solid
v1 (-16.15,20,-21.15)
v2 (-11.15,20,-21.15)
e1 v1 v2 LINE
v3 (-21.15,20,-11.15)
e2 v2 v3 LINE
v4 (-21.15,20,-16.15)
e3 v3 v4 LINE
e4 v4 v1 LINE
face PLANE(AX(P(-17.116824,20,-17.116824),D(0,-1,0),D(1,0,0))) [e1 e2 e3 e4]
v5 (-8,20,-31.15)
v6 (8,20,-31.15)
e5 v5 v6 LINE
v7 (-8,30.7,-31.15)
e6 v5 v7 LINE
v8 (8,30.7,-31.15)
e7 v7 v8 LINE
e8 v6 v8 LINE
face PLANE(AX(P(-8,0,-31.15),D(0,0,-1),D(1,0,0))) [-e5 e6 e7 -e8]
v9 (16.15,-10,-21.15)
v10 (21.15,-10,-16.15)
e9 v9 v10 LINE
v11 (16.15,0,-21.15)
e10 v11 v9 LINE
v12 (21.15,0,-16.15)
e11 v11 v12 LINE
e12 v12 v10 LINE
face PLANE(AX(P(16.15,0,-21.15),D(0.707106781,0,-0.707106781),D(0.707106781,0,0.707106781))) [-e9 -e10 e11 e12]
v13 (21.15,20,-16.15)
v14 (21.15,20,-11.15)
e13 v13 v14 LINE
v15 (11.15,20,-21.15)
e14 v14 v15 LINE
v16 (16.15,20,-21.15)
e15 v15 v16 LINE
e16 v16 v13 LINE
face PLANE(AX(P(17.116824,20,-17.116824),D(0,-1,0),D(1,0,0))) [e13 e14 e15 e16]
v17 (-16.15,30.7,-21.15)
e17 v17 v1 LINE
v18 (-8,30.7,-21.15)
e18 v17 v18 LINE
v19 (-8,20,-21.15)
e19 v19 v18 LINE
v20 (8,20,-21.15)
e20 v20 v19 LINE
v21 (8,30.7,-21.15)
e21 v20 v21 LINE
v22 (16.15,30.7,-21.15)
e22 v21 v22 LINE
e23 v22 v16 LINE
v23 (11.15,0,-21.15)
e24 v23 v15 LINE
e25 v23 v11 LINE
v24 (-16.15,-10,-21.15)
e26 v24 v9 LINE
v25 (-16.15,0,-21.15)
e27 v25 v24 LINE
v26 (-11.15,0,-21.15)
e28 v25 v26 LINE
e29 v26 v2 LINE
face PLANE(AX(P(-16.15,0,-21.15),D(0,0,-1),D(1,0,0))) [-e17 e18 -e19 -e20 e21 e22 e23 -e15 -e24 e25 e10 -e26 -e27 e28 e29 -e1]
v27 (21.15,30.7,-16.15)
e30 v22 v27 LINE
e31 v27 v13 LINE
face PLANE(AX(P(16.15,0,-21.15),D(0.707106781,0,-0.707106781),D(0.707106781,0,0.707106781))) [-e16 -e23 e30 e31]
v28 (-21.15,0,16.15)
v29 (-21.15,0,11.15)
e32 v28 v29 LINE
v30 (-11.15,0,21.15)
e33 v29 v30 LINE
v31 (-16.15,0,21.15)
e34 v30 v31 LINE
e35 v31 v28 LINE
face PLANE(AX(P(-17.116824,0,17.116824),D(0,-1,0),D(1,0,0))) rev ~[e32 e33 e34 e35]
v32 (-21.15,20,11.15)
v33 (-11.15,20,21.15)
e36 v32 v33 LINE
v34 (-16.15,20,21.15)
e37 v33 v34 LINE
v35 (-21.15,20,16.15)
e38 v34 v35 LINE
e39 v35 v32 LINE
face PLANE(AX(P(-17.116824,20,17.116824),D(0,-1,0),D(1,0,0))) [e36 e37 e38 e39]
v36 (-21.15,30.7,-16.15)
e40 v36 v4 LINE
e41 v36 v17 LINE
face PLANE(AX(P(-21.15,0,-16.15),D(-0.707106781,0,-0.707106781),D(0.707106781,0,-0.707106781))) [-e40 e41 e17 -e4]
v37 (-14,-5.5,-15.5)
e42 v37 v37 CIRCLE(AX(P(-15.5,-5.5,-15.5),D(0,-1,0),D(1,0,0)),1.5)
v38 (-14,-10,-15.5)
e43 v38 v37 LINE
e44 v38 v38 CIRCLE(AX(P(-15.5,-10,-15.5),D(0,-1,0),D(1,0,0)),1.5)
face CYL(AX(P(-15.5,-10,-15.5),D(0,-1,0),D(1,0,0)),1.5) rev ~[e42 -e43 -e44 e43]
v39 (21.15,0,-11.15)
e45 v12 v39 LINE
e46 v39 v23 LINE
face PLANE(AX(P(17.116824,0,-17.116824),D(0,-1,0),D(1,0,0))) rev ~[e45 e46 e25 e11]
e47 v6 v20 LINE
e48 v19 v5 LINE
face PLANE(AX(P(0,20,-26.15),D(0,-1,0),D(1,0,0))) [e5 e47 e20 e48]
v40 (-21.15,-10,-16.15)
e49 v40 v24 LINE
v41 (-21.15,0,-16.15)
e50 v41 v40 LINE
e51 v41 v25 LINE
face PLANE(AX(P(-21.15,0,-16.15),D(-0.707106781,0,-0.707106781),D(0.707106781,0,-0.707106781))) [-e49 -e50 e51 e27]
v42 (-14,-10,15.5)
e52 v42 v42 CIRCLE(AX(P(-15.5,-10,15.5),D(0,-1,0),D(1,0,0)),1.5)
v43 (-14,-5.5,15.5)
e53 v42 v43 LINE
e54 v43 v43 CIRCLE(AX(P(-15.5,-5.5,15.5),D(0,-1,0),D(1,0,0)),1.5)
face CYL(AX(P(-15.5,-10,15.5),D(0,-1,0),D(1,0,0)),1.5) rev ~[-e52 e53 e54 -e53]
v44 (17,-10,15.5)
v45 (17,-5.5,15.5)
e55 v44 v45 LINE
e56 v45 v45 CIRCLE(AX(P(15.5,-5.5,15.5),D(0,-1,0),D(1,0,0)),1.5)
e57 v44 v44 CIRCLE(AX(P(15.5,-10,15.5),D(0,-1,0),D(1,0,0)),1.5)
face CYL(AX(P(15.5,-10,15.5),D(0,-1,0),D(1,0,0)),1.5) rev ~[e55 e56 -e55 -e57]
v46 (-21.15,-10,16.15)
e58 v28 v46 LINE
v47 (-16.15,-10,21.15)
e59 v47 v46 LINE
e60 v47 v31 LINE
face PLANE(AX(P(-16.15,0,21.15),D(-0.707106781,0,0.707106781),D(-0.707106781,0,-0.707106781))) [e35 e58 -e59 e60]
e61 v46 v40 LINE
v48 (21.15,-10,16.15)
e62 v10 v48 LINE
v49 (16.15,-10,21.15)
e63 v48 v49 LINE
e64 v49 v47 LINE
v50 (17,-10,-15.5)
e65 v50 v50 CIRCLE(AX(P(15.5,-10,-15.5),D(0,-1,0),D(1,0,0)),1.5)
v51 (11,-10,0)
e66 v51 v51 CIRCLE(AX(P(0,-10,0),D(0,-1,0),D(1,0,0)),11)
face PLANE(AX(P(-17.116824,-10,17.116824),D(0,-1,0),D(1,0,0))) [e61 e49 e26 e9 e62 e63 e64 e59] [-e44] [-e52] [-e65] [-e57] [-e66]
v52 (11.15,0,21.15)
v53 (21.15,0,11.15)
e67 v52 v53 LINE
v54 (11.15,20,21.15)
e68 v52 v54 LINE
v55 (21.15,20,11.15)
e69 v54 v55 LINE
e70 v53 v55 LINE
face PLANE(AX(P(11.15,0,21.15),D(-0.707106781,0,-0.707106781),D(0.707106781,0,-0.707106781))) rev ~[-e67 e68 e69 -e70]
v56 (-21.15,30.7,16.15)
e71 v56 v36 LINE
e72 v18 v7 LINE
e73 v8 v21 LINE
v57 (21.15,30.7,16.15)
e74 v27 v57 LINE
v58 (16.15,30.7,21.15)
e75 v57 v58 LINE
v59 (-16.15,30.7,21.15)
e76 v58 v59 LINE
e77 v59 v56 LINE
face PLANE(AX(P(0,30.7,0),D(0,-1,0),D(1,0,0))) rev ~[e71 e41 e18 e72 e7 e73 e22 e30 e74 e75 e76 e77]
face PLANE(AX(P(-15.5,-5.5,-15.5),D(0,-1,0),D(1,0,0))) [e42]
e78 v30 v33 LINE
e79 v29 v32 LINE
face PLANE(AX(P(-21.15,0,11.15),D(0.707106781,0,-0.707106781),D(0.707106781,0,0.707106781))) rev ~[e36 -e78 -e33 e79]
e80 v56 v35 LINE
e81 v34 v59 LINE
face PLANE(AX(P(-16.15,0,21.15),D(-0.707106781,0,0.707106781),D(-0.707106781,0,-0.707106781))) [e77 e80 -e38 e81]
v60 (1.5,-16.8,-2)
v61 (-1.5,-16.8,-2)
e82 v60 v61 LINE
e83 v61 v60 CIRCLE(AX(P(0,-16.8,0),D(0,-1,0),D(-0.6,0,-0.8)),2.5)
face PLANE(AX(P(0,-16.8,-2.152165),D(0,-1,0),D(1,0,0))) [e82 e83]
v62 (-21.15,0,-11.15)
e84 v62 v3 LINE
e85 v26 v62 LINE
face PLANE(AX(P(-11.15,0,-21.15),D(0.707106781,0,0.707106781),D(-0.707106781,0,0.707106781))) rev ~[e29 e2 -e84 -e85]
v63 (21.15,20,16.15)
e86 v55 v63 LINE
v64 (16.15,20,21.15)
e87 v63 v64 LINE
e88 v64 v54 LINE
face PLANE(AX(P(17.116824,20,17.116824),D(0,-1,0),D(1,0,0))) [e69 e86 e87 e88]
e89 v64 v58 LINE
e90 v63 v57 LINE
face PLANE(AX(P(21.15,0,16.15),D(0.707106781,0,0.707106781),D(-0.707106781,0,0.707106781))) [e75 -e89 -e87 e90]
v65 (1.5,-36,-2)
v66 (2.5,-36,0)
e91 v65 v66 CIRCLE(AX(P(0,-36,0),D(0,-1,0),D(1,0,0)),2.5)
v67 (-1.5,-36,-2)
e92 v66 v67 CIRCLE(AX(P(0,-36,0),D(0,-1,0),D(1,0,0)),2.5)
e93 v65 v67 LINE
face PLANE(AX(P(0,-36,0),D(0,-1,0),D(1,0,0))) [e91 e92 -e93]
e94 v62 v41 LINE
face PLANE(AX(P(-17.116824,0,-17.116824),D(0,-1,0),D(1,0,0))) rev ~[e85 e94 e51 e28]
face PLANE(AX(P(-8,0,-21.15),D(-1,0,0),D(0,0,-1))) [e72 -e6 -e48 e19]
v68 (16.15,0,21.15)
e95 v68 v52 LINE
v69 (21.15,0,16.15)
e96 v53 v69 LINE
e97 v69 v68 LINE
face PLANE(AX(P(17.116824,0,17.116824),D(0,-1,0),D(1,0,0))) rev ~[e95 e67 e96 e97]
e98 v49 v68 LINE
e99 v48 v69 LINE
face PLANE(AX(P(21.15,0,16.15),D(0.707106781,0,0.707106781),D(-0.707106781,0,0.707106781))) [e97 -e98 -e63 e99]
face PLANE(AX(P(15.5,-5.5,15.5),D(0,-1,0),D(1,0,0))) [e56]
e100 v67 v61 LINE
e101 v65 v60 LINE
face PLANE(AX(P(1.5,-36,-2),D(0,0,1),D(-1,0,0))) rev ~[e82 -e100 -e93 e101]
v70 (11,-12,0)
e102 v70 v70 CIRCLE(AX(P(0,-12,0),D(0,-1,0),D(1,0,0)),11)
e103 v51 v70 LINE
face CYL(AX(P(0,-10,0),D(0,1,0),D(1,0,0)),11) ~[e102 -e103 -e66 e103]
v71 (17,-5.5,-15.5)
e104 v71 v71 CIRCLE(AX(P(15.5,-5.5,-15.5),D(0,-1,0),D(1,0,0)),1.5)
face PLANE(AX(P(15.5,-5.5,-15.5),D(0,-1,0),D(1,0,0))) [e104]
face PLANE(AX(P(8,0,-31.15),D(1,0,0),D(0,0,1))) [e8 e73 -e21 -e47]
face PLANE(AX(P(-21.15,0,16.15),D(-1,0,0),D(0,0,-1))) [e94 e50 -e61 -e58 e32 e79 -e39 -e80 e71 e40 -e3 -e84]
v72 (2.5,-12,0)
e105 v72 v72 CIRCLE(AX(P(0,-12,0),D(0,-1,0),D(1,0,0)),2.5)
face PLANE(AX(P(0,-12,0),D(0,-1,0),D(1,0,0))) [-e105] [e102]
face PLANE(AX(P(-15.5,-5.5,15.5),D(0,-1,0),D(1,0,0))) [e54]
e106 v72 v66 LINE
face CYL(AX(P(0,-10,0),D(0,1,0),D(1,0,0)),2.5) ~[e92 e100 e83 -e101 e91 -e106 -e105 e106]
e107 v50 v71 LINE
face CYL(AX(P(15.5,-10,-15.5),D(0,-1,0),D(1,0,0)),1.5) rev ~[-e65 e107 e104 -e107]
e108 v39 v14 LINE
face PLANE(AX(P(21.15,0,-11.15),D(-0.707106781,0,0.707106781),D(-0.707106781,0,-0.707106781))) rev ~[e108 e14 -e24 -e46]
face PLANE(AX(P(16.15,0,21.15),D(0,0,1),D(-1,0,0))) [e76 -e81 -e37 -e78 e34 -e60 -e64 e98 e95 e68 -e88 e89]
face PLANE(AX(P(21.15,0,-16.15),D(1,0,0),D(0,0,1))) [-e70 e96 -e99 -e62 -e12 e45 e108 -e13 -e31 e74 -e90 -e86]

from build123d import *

# Parameters (mm, degrees)
F1_DEPTH = 10
F2_DEPTH = 30.7
F3_DEPTH = 20
F4_R     = 11
F4_R_2   = 2.5
F5_DEPTH = 2
F6_DEPTH = 26
F8_DEPTH = 19.2
F4_R_3   = 1.5
F9_DEPTH = 4.5


with BuildPart() as f1:
    # F0 (on Front) → F1 (new body)
    with BuildSketch(Plane.XZ):
        Polygon((-21.15, 11.15), (-11.15, 21.15), (-16.15, 21.15), (-21.15, 16.15), align=None)
        Polygon((-11.15, -21.15), (-21.15, -11.15), (-21.15, -16.15), (-16.15, -21.15), align=None)
        Polygon((21.15, -16.15), (21.15, -11.15), (11.15, -21.15), (16.15, -21.15), align=None)
        Polygon((16.15, 21.15), (11.15, 21.15), (21.15, 11.15), (21.15, 16.15), align=None)
        Polygon((11.15, 21.15), (-11.15, 21.15), (-21.15, 11.15), (-21.15, -11.15), (-11.15, -21.15), (-8, -21.15), (8, -21.15), (11.15, -21.15), (21.15, -11.15), (21.15, 11.15), align=None)
    extrude(amount=F1_DEPTH)

    # F0 (on Front) → F2 (join)
    with BuildSketch(Plane.XZ):
        Polygon((11.15, 21.15), (-11.15, 21.15), (-21.15, 11.15), (-21.15, -11.15), (-11.15, -21.15), (-8, -21.15), (8, -21.15), (11.15, -21.15), (21.15, -11.15), (21.15, 11.15), align=None)
        Polygon((-21.15, 11.15), (-11.15, 21.15), (-16.15, 21.15), (-21.15, 16.15), align=None)
        Polygon((16.15, 21.15), (11.15, 21.15), (21.15, 11.15), (21.15, 16.15), align=None)
        Polygon((-11.15, -21.15), (-21.15, -11.15), (-21.15, -16.15), (-16.15, -21.15), align=None)
        Polygon((21.15, -16.15), (21.15, -11.15), (11.15, -21.15), (16.15, -21.15), align=None)
        Polygon((8, -21.15), (-8, -21.15), (-8, -31.15), (0, -31.15), (8, -31.15), align=None)
    extrude(amount=-F2_DEPTH)

    # F0 (on Front) → F3 (cut)
    with BuildSketch(Plane.XZ):
        Polygon((16.15, 21.15), (11.15, 21.15), (21.15, 11.15), (21.15, 16.15), align=None)
        Polygon((-21.15, 11.15), (-11.15, 21.15), (-16.15, 21.15), (-21.15, 16.15), align=None)
        Polygon((-11.15, -21.15), (-21.15, -11.15), (-21.15, -16.15), (-16.15, -21.15), align=None)
        Polygon((21.15, -16.15), (21.15, -11.15), (11.15, -21.15), (16.15, -21.15), align=None)
        Polygon((8, -21.15), (-8, -21.15), (-8, -31.15), (0, -31.15), (8, -31.15), align=None)
    extrude(amount=-F3_DEPTH, mode=Mode.SUBTRACT)

    # F4 (on face) → F5 (join)
    with BuildSketch(Plane.XZ.offset(10)):
        Circle(F4_R)
        Circle(F4_R_2, mode=Mode.SUBTRACT)
    extrude(amount=F5_DEPTH)

    # F4 (on face) → F6 (join)
    with BuildSketch(Plane.XZ.offset(10)):
        Circle(F4_R_2)
    extrude(amount=F6_DEPTH)

    # F7 (on face) → F8 (cut)
    with BuildSketch(Plane.XZ.offset(36)):
        with BuildLine():
            Line((1.5, -2), (-1.5, -2))
            ThreePointArc((-1.5, -2), (0, -2.5), (1.5, -2))
        make_face()
    extrude(amount=-F8_DEPTH, mode=Mode.SUBTRACT)

    # F4 (on face) → F9 (cut)
    with BuildSketch(Plane.XZ.offset(10)):
        with Locations((-15.5, 15.5)):
            Circle(F4_R_3)
        with Locations((15.5, 15.5)):
            Circle(F4_R_3)
        with Locations((15.5, -15.5)):
            Circle(F4_R_3)
        with Locations((-15.5, -15.5)):
            Circle(F4_R_3)
    extrude(amount=-F9_DEPTH, mode=Mode.SUBTRACT)


solid = f1.part
